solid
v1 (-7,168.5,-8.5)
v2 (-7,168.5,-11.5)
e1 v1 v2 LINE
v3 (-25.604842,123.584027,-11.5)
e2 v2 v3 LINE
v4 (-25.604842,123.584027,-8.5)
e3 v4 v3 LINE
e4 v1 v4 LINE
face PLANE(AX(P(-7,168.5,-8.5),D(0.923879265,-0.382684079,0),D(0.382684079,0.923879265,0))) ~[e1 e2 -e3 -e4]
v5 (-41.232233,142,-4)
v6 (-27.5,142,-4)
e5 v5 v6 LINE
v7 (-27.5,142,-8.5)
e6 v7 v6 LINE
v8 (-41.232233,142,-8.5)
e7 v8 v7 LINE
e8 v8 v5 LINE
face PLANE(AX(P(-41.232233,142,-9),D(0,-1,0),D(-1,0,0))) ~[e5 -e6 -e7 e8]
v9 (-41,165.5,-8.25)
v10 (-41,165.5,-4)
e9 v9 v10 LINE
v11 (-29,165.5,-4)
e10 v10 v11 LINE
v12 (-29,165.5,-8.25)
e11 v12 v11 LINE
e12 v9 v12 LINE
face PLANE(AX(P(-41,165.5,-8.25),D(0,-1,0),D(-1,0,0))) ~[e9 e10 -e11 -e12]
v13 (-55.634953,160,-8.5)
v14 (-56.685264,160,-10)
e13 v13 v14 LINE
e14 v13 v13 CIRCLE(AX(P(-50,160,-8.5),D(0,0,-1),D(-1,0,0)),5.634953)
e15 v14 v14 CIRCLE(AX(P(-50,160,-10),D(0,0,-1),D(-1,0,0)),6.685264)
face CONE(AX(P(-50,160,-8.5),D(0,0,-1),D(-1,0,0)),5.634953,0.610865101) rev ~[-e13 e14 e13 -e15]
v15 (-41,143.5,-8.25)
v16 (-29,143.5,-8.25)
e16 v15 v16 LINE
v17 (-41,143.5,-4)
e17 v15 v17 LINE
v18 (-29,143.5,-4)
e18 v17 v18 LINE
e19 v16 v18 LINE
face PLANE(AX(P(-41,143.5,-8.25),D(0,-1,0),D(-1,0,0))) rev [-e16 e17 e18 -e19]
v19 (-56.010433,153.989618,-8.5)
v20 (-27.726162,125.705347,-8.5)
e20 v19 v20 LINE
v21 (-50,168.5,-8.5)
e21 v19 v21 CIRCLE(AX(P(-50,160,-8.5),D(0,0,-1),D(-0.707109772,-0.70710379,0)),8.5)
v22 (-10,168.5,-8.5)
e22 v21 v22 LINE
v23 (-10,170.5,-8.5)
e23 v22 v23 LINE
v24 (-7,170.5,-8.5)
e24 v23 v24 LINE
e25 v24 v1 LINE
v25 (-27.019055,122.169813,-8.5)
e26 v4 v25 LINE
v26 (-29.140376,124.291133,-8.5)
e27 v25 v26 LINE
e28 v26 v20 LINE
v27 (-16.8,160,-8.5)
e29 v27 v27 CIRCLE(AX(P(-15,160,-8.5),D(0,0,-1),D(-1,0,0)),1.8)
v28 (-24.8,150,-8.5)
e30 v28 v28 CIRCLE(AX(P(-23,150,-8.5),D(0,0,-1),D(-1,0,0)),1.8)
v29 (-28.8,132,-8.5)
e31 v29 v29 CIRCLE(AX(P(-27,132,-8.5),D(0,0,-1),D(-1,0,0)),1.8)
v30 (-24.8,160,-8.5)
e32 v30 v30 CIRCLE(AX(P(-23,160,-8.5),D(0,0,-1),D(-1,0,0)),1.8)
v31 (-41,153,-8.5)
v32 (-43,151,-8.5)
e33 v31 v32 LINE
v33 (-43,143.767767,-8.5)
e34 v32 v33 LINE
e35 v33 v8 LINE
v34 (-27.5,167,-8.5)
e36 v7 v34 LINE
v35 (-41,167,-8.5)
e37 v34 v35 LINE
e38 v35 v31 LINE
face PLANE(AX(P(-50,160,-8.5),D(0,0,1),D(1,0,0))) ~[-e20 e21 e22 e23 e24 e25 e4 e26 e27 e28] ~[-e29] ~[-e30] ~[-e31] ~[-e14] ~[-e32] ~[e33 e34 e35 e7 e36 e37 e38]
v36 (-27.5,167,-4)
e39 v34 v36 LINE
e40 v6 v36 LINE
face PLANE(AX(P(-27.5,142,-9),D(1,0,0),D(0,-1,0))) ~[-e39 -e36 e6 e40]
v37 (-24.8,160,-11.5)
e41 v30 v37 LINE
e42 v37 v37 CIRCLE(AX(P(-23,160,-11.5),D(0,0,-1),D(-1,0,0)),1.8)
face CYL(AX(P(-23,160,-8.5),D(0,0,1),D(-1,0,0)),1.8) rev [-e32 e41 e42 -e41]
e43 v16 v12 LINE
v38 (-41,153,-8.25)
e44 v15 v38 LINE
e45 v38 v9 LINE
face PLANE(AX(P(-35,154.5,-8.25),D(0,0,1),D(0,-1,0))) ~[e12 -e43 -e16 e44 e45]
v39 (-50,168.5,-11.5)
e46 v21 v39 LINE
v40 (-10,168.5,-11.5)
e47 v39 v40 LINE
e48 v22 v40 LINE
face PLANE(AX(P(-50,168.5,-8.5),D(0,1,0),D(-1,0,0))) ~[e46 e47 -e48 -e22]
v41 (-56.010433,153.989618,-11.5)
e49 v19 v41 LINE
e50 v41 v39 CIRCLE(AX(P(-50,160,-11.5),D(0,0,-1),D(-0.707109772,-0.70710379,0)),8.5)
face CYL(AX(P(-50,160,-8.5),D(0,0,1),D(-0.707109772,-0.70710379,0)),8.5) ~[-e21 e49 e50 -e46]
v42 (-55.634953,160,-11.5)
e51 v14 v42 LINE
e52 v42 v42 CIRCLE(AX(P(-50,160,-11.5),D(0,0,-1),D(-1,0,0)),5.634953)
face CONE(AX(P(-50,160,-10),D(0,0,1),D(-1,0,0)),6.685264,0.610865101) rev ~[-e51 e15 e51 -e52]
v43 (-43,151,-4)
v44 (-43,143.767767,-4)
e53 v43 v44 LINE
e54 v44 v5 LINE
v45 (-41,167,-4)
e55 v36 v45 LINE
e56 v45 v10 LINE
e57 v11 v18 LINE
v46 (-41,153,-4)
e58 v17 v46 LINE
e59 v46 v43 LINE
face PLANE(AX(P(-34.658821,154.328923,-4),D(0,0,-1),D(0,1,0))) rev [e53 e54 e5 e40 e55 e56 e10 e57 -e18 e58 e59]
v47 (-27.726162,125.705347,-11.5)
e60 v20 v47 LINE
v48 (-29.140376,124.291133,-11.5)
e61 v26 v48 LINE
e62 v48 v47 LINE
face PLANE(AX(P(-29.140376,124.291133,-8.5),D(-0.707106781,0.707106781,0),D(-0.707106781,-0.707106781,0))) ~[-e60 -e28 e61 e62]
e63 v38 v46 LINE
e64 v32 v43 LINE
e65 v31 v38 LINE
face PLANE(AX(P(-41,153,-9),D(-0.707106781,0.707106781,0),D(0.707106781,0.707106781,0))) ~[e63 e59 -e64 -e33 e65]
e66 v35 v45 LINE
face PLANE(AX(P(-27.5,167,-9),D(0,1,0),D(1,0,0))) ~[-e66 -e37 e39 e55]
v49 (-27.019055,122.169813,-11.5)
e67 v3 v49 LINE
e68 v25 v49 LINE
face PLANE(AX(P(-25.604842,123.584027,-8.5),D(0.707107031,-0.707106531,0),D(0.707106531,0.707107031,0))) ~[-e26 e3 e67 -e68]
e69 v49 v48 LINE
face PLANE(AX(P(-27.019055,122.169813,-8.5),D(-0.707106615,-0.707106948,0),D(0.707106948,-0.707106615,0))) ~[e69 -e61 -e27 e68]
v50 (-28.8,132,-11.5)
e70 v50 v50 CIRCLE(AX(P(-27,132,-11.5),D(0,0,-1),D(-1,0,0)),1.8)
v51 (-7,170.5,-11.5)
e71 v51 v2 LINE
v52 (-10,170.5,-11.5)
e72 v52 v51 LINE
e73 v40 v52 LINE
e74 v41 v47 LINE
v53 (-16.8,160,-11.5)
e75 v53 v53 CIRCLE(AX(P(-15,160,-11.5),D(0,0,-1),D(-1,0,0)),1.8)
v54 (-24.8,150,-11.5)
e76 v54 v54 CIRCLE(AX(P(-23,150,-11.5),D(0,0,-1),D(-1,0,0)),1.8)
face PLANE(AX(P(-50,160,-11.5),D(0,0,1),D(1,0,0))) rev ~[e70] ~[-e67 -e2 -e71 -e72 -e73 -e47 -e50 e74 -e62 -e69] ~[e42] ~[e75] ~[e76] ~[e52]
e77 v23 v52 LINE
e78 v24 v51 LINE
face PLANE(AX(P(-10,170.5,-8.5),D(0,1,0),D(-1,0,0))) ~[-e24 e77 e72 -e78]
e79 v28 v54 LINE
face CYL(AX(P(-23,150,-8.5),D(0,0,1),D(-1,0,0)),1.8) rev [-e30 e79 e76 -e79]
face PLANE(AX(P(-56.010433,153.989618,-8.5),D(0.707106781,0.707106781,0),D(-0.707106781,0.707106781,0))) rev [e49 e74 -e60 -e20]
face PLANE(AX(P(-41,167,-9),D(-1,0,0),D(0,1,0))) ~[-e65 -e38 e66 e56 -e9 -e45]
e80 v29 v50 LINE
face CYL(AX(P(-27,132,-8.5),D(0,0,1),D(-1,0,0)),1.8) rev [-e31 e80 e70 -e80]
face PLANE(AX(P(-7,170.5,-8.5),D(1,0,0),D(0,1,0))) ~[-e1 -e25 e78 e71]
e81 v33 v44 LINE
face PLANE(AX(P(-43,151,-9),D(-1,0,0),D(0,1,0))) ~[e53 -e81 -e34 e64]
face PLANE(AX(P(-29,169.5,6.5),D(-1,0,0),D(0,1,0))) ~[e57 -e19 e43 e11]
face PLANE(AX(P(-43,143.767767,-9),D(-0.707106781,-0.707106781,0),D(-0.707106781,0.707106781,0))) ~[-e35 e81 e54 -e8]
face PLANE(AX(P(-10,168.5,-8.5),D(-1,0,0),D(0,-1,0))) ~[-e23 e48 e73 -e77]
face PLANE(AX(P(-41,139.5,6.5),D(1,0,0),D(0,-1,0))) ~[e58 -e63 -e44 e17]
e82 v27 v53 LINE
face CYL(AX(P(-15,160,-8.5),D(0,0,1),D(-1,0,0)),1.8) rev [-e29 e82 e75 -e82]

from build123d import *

# Parameters (mm, degrees)
SKETCH220_R     = 8
SKETCH220_R_2   = 1.8
PAD127056_DEPTH = 3
SKETCH185_R     = 1.5
PAD127021_DEPTH = 1.75
SKETCH184_W     = 22
SKETCH184_H     = 12
PAD127020_DEPTH = 22.5
PAD127023_DEPTH = 5


with BuildPart() as base:
    # Sketch220 → Pad127056 (new body)
    with BuildSketch(Plane(origin=(50, 160, -8.5), x_dir=(1, 0, 0), z_dir=(0, 0, 1))):
        with BuildLine():
            ThreePointArc((6.010433, -6.010382), (7.852969, 3.252826), (0, 8.5))
            Line((0, 8.5), (-40, 8.5))
            Line((-40, 8.5), (-40, 10.5))
            Line((-40, 10.5), (-43, 10.5))
            Line((-43, 10.5), (-43, 8.5))
            Line((-43, 8.5), (-24.395158, -36.415973))
            Line((-24.395158, -36.415973), (-22.980945, -37.830187))
            Line((-22.980945, -37.830187), (-20.859624, -35.708867))
            Line((-20.859624, -35.708867), (-22.273838, -34.294653))
            Line((6.010433, -6.010382), (-22.273838, -34.294653))
        make_face()
        Circle(SKETCH220_R, mode=Mode.SUBTRACT)
        with Locations((-27, 0)):
            Circle(SKETCH220_R_2, mode=Mode.SUBTRACT)
        with Locations((-27, -10)):
            Circle(SKETCH220_R_2, mode=Mode.SUBTRACT)
        with Locations((-23, -28)):
            Circle(SKETCH220_R_2, mode=Mode.SUBTRACT)
        with Locations((-35, 0)):
            Circle(SKETCH220_R_2, mode=Mode.SUBTRACT)
    extrude(amount=-PAD127056_DEPTH)


with BuildPart() as outerrace:
    # Sketch221 → Revolution010 (revolve)
    with BuildSketch(Plane(origin=(50, 160, -10), x_dir=(1, 0, 0), z_dir=(0, -1, 0))):
        Polygon((5.634953, 1.5), (6.685264, 0), (5.634953, -1.5), (8, -1.5), (8, 1.5), align=None)
    revolve(axis=Axis((50, 160, -10), (0, 0, 1)))


with BuildPart() as pad127021:
    # Sketch185 → Pad127021 (new body)
    with BuildSketch(Plane(origin=(35, 160, 26.5), x_dir=(0, 1, 0), z_dir=(0, 0, 1))):
        Polygon((5.5, 6), (-16.5, 6), (-20.5, 6), (-20.5, -6), (-16.5, -6), (5.5, -6), (9.5, -6), (9.5, 6), align=None)
        with Locations((7.25, 0)):
            Circle(SKETCH185_R, mode=Mode.SUBTRACT)
        with Locations((-18.25, 0)):
            Circle(SKETCH185_R, mode=Mode.SUBTRACT)
    extrude(amount=PAD127021_DEPTH)


with BuildPart() as servovisual:
    # Sketch184 → Pad127020 (new body)
    with BuildSketch(Plane(origin=(35, 160, 11.75), x_dir=(0, 1, 0), z_dir=(0, 0, 1))):
        with Locations((-5.5, 0)):
            Rectangle(SKETCH184_W, SKETCH184_H)
    extrude(amount=PAD127020_DEPTH)

    # Fusion004020023: union Pad127021
    add(pad127021.part)


with BuildPart() as servovisual_1:
    # Fusion004020023 placement: moved
    add(servovisual.part.moved(Location((0, 0, -20))))


with BuildPart() as fusion004020031:
    # Sketch187 → Pad127023 (new body)
    with BuildSketch(Plane(origin=(35, 160, -9), x_dir=(0, 1, 0), z_dir=(0, 0, 1))):
        Polygon((-18, 7.5), (7, 7.5), (7, -6), (-7, -6), (-9, -8), (-16.232233, -8), (-18, -6.232233), align=None)
    extrude(amount=PAD127023_DEPTH)

    # Cut007019029: cut ServoVisual
    add(servovisual_1.part, mode=Mode.SUBTRACT)

    # Fusion004020031: union Base, OuterRace
    add(base.part)
    add(outerrace.part)


with BuildPart() as part_mirroring014:
    # Part__Mirroring014: instance of Fusion004020031
    add(fusion004020031.part.mirror(Plane(origin=(0, 0, 0), x_dir=(0, -1, 0), z_dir=(1, 0, 0))))


solid = part_mirroring014.part
